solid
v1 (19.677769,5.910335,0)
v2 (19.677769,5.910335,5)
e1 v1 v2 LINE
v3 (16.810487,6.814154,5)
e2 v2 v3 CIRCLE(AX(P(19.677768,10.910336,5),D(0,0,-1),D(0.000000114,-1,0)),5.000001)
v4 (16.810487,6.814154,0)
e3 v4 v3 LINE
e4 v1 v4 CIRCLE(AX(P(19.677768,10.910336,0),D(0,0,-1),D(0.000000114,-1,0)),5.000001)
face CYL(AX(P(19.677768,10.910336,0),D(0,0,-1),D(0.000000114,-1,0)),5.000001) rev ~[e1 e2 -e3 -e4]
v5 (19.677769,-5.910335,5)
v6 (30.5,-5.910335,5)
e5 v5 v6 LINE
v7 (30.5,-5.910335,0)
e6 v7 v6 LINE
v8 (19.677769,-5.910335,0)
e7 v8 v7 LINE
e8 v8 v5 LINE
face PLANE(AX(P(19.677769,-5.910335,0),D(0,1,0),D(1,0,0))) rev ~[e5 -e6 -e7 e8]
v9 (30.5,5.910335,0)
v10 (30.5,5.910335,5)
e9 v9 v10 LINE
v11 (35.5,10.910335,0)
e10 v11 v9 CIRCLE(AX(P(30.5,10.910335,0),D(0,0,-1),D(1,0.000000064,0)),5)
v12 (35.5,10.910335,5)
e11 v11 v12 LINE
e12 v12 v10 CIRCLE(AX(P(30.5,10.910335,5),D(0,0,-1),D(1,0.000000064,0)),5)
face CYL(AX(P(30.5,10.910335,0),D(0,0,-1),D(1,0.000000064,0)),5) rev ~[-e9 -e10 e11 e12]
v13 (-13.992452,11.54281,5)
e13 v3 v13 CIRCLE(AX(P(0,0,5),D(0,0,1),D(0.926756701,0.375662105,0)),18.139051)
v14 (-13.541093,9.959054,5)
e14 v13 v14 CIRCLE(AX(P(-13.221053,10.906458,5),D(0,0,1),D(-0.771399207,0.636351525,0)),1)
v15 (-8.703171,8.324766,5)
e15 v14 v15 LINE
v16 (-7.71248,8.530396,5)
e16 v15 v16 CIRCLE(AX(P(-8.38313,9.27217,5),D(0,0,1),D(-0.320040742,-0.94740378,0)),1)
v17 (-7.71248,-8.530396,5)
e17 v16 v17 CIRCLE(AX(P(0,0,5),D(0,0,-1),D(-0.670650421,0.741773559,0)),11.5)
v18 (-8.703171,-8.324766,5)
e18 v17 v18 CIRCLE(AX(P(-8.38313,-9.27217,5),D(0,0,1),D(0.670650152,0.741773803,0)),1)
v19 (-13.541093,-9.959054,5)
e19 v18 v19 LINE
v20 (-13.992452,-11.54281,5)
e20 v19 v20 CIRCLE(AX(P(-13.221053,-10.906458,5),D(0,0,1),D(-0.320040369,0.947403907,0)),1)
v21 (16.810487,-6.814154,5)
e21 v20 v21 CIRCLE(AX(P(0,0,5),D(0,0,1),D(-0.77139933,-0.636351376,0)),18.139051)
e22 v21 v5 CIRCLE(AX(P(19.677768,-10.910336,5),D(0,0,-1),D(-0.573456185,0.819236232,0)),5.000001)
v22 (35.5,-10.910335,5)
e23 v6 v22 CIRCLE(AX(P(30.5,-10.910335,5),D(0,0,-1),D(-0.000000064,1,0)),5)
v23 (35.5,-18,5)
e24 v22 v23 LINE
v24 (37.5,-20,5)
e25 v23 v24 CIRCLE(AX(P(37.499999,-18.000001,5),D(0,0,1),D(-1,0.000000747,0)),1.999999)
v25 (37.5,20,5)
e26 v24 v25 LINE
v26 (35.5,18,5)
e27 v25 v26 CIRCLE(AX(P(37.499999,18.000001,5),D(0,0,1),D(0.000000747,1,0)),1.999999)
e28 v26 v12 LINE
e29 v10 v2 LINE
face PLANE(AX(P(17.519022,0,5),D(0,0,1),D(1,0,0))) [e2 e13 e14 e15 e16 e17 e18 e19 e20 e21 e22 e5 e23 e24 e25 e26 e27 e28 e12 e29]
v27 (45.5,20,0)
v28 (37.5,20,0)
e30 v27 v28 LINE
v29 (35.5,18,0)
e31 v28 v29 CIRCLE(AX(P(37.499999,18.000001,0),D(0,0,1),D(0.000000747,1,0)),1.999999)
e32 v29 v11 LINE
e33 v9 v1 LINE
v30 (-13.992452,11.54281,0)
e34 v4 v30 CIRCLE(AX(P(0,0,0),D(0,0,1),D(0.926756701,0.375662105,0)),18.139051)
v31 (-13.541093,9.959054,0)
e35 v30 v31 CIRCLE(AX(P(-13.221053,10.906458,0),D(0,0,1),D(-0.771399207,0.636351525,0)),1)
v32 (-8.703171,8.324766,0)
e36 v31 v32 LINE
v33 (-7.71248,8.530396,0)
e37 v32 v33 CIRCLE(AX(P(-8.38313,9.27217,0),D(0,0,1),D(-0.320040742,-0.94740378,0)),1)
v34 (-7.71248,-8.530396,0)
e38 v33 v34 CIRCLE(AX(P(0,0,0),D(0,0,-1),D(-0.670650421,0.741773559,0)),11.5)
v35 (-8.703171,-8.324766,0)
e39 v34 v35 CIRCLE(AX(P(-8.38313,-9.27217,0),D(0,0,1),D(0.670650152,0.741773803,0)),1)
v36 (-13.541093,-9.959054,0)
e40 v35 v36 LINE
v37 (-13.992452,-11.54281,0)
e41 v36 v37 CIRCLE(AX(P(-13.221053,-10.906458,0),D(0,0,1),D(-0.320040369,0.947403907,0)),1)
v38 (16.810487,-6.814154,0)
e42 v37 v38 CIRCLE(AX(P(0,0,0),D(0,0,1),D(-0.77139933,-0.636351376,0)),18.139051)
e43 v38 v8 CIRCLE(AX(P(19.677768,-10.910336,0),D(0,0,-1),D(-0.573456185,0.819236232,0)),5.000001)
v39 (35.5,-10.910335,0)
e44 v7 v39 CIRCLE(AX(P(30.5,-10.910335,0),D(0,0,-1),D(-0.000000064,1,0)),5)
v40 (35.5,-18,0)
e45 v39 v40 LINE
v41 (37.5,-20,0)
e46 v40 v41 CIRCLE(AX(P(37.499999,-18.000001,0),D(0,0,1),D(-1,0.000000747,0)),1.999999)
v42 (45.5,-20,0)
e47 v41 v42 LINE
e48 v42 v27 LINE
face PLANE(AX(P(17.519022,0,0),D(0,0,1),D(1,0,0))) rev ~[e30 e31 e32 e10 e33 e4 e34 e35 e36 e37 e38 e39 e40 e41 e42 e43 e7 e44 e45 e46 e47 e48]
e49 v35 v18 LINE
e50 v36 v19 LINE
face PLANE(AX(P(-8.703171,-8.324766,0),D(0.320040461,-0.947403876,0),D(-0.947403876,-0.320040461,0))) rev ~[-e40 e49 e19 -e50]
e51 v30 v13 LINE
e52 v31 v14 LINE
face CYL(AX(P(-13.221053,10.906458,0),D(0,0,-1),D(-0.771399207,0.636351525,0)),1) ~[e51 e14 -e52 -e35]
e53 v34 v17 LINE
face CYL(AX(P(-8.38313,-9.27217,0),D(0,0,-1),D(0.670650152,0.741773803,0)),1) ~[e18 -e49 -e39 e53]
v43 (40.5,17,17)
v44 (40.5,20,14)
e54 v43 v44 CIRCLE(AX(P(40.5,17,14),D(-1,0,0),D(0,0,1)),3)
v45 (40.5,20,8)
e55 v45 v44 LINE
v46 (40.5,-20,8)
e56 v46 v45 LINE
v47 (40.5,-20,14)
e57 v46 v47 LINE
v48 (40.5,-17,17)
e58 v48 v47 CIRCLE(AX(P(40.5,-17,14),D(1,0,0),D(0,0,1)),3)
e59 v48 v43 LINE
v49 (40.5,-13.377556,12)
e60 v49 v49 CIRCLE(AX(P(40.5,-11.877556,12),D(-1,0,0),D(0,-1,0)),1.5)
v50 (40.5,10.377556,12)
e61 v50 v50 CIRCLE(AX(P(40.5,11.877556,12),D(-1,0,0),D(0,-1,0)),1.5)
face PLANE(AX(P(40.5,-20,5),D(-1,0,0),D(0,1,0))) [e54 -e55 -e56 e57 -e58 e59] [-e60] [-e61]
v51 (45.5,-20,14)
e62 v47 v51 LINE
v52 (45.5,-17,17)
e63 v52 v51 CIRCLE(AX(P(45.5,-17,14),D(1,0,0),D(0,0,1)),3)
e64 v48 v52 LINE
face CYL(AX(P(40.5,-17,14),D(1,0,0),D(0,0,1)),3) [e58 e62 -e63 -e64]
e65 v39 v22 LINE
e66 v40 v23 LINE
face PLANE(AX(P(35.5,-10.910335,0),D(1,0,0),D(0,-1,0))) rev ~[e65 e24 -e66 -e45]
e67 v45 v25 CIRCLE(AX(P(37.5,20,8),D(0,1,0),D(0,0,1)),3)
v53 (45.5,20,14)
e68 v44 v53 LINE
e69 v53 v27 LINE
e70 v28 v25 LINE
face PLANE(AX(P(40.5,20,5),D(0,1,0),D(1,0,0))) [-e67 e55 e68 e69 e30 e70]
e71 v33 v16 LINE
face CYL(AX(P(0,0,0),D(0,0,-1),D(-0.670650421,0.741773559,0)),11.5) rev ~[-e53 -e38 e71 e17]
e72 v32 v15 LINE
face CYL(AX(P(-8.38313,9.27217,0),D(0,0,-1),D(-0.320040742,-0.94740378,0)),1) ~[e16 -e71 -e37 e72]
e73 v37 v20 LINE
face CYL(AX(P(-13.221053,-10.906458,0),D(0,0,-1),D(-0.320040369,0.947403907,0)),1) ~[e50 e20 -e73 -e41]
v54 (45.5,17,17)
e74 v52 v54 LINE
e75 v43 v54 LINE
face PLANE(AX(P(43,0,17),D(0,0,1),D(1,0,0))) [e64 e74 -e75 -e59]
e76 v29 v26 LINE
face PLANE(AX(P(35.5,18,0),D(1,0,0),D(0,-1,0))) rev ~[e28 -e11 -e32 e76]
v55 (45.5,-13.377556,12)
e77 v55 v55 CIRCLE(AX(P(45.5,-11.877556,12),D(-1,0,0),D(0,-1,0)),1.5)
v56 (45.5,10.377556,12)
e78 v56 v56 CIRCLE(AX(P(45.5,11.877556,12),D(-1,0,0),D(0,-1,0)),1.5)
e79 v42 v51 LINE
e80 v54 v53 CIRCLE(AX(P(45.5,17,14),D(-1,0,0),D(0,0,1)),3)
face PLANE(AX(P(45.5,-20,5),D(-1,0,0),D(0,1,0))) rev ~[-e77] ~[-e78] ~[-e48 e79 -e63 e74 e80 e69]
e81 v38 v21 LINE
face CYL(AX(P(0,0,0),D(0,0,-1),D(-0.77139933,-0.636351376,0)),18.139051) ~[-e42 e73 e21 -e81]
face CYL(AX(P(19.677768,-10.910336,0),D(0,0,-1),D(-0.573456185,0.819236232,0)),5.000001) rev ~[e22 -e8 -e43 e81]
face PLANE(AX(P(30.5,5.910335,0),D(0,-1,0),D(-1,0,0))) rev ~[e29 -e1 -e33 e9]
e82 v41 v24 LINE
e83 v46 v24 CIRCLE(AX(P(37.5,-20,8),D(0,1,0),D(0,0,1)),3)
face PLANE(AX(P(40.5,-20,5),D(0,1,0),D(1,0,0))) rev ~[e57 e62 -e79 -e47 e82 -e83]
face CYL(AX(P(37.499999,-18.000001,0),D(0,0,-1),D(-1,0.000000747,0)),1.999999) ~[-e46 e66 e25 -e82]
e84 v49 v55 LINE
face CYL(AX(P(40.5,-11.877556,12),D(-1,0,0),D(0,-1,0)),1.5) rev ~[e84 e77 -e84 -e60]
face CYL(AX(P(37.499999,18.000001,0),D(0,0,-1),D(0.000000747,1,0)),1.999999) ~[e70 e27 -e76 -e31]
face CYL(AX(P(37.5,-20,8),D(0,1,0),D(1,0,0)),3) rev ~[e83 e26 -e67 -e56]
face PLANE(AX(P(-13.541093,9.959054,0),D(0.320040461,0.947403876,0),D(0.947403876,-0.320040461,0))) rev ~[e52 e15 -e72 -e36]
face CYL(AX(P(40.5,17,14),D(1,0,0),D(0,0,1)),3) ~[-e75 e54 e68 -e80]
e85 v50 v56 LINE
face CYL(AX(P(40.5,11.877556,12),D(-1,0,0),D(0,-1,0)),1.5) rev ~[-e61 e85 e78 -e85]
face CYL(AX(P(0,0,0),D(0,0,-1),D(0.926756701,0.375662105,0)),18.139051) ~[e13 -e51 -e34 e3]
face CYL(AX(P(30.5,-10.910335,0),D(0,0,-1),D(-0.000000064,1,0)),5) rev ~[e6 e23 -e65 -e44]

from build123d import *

# Parameters (mm, degrees)
F1_DEPTH = 5
F2_W     = 5
F2_H     = 40
F3_DEPTH = 12
F4_R     = 3
F5_R     = 1.5
F6_DEPTH = 10


with BuildPart() as f1:
    # F0 (on Top) → F1 (new body)
    with BuildSketch(Plane.XY):
        with BuildLine():
            ThreePointArc((-7.71248, 8.530396), (11.5, 0), (-7.71248, -8.530396))
            ThreePointArc((-7.71248, -8.530396), (-8.179899, -8.293039), (-8.703171, -8.324766))
            Line((-8.703171, -8.324766), (-13.541093, -9.959054))
            ThreePointArc((-13.541093, -9.959054), (-14.18276, -10.632379), (-13.992452, -11.54281))
            ThreePointArc((-13.992452, -11.54281), (2.75234, -17.929021), (16.810487, -6.814154))
            ThreePointArc((16.810487, -6.814154), (18.174589, -6.14164), (19.677769, -5.910335))
            Line((19.677769, -5.910335), (30.5, -5.910335))
            ThreePointArc((30.5, -5.910335), (34.035534, -7.374801), (35.5, -10.910335))
            Line((35.5, -10.910335), (35.5, -18))
            ThreePointArc((35.5, -18), (36.085786, -19.414214), (37.5, -20))
            Line((37.5, -20), (45.5, -20))
            Line((45.5, -20), (45.5, 0))
            Line((45.5, 0), (45.5, 20))
            Line((45.5, 20), (37.5, 20))
            ThreePointArc((37.5, 20), (36.085786, 19.414214), (35.5, 18))
            Line((35.5, 18), (35.5, 10.910335))
            ThreePointArc((35.5, 10.910335), (34.035534, 7.374801), (30.5, 5.910335))
            Line((30.5, 5.910335), (19.677769, 5.910335))
            ThreePointArc((19.677769, 5.910335), (18.174589, 6.14164), (16.810487, 6.814154))
            ThreePointArc((16.810487, 6.814154), (2.75234, 17.929021), (-13.992452, 11.54281))
            ThreePointArc((-13.992452, 11.54281), (-14.18276, 10.632379), (-13.541093, 9.959054))
            Line((-13.541093, 9.959054), (-8.703171, 8.324766))
            ThreePointArc((-8.703171, 8.324766), (-8.179899, 8.293039), (-7.71248, 8.530396))
        make_face()
    extrude(amount=F1_DEPTH)

    # F2 (on face) → F3 (join)
    with BuildSketch(Plane.XY.offset(5)):
        with Locations((43, 0)):
            Rectangle(F2_W, F2_H)
    extrude(amount=F3_DEPTH)

    # F4
    f4_edges = [f1.edges().sort_by_distance(p)[0] for p in [
        (40.5, 0, 5),
        (43, 20, 17),
        (43, -20, 17),
    ]]
    fillet(f4_edges, radius=F4_R)

    # F5 (on face) → F6 (cut)
    with BuildSketch(Plane(origin=(40.5, 0, 0), x_dir=(0, -1, 0), z_dir=(-1, 0, 0))):
        with Locations((-11.877556, 12)):
            Circle(F5_R)
        with Locations((11.877556, 12)):
            Circle(F5_R)
    extrude(amount=-F6_DEPTH, mode=Mode.SUBTRACT)


solid = f1.part
